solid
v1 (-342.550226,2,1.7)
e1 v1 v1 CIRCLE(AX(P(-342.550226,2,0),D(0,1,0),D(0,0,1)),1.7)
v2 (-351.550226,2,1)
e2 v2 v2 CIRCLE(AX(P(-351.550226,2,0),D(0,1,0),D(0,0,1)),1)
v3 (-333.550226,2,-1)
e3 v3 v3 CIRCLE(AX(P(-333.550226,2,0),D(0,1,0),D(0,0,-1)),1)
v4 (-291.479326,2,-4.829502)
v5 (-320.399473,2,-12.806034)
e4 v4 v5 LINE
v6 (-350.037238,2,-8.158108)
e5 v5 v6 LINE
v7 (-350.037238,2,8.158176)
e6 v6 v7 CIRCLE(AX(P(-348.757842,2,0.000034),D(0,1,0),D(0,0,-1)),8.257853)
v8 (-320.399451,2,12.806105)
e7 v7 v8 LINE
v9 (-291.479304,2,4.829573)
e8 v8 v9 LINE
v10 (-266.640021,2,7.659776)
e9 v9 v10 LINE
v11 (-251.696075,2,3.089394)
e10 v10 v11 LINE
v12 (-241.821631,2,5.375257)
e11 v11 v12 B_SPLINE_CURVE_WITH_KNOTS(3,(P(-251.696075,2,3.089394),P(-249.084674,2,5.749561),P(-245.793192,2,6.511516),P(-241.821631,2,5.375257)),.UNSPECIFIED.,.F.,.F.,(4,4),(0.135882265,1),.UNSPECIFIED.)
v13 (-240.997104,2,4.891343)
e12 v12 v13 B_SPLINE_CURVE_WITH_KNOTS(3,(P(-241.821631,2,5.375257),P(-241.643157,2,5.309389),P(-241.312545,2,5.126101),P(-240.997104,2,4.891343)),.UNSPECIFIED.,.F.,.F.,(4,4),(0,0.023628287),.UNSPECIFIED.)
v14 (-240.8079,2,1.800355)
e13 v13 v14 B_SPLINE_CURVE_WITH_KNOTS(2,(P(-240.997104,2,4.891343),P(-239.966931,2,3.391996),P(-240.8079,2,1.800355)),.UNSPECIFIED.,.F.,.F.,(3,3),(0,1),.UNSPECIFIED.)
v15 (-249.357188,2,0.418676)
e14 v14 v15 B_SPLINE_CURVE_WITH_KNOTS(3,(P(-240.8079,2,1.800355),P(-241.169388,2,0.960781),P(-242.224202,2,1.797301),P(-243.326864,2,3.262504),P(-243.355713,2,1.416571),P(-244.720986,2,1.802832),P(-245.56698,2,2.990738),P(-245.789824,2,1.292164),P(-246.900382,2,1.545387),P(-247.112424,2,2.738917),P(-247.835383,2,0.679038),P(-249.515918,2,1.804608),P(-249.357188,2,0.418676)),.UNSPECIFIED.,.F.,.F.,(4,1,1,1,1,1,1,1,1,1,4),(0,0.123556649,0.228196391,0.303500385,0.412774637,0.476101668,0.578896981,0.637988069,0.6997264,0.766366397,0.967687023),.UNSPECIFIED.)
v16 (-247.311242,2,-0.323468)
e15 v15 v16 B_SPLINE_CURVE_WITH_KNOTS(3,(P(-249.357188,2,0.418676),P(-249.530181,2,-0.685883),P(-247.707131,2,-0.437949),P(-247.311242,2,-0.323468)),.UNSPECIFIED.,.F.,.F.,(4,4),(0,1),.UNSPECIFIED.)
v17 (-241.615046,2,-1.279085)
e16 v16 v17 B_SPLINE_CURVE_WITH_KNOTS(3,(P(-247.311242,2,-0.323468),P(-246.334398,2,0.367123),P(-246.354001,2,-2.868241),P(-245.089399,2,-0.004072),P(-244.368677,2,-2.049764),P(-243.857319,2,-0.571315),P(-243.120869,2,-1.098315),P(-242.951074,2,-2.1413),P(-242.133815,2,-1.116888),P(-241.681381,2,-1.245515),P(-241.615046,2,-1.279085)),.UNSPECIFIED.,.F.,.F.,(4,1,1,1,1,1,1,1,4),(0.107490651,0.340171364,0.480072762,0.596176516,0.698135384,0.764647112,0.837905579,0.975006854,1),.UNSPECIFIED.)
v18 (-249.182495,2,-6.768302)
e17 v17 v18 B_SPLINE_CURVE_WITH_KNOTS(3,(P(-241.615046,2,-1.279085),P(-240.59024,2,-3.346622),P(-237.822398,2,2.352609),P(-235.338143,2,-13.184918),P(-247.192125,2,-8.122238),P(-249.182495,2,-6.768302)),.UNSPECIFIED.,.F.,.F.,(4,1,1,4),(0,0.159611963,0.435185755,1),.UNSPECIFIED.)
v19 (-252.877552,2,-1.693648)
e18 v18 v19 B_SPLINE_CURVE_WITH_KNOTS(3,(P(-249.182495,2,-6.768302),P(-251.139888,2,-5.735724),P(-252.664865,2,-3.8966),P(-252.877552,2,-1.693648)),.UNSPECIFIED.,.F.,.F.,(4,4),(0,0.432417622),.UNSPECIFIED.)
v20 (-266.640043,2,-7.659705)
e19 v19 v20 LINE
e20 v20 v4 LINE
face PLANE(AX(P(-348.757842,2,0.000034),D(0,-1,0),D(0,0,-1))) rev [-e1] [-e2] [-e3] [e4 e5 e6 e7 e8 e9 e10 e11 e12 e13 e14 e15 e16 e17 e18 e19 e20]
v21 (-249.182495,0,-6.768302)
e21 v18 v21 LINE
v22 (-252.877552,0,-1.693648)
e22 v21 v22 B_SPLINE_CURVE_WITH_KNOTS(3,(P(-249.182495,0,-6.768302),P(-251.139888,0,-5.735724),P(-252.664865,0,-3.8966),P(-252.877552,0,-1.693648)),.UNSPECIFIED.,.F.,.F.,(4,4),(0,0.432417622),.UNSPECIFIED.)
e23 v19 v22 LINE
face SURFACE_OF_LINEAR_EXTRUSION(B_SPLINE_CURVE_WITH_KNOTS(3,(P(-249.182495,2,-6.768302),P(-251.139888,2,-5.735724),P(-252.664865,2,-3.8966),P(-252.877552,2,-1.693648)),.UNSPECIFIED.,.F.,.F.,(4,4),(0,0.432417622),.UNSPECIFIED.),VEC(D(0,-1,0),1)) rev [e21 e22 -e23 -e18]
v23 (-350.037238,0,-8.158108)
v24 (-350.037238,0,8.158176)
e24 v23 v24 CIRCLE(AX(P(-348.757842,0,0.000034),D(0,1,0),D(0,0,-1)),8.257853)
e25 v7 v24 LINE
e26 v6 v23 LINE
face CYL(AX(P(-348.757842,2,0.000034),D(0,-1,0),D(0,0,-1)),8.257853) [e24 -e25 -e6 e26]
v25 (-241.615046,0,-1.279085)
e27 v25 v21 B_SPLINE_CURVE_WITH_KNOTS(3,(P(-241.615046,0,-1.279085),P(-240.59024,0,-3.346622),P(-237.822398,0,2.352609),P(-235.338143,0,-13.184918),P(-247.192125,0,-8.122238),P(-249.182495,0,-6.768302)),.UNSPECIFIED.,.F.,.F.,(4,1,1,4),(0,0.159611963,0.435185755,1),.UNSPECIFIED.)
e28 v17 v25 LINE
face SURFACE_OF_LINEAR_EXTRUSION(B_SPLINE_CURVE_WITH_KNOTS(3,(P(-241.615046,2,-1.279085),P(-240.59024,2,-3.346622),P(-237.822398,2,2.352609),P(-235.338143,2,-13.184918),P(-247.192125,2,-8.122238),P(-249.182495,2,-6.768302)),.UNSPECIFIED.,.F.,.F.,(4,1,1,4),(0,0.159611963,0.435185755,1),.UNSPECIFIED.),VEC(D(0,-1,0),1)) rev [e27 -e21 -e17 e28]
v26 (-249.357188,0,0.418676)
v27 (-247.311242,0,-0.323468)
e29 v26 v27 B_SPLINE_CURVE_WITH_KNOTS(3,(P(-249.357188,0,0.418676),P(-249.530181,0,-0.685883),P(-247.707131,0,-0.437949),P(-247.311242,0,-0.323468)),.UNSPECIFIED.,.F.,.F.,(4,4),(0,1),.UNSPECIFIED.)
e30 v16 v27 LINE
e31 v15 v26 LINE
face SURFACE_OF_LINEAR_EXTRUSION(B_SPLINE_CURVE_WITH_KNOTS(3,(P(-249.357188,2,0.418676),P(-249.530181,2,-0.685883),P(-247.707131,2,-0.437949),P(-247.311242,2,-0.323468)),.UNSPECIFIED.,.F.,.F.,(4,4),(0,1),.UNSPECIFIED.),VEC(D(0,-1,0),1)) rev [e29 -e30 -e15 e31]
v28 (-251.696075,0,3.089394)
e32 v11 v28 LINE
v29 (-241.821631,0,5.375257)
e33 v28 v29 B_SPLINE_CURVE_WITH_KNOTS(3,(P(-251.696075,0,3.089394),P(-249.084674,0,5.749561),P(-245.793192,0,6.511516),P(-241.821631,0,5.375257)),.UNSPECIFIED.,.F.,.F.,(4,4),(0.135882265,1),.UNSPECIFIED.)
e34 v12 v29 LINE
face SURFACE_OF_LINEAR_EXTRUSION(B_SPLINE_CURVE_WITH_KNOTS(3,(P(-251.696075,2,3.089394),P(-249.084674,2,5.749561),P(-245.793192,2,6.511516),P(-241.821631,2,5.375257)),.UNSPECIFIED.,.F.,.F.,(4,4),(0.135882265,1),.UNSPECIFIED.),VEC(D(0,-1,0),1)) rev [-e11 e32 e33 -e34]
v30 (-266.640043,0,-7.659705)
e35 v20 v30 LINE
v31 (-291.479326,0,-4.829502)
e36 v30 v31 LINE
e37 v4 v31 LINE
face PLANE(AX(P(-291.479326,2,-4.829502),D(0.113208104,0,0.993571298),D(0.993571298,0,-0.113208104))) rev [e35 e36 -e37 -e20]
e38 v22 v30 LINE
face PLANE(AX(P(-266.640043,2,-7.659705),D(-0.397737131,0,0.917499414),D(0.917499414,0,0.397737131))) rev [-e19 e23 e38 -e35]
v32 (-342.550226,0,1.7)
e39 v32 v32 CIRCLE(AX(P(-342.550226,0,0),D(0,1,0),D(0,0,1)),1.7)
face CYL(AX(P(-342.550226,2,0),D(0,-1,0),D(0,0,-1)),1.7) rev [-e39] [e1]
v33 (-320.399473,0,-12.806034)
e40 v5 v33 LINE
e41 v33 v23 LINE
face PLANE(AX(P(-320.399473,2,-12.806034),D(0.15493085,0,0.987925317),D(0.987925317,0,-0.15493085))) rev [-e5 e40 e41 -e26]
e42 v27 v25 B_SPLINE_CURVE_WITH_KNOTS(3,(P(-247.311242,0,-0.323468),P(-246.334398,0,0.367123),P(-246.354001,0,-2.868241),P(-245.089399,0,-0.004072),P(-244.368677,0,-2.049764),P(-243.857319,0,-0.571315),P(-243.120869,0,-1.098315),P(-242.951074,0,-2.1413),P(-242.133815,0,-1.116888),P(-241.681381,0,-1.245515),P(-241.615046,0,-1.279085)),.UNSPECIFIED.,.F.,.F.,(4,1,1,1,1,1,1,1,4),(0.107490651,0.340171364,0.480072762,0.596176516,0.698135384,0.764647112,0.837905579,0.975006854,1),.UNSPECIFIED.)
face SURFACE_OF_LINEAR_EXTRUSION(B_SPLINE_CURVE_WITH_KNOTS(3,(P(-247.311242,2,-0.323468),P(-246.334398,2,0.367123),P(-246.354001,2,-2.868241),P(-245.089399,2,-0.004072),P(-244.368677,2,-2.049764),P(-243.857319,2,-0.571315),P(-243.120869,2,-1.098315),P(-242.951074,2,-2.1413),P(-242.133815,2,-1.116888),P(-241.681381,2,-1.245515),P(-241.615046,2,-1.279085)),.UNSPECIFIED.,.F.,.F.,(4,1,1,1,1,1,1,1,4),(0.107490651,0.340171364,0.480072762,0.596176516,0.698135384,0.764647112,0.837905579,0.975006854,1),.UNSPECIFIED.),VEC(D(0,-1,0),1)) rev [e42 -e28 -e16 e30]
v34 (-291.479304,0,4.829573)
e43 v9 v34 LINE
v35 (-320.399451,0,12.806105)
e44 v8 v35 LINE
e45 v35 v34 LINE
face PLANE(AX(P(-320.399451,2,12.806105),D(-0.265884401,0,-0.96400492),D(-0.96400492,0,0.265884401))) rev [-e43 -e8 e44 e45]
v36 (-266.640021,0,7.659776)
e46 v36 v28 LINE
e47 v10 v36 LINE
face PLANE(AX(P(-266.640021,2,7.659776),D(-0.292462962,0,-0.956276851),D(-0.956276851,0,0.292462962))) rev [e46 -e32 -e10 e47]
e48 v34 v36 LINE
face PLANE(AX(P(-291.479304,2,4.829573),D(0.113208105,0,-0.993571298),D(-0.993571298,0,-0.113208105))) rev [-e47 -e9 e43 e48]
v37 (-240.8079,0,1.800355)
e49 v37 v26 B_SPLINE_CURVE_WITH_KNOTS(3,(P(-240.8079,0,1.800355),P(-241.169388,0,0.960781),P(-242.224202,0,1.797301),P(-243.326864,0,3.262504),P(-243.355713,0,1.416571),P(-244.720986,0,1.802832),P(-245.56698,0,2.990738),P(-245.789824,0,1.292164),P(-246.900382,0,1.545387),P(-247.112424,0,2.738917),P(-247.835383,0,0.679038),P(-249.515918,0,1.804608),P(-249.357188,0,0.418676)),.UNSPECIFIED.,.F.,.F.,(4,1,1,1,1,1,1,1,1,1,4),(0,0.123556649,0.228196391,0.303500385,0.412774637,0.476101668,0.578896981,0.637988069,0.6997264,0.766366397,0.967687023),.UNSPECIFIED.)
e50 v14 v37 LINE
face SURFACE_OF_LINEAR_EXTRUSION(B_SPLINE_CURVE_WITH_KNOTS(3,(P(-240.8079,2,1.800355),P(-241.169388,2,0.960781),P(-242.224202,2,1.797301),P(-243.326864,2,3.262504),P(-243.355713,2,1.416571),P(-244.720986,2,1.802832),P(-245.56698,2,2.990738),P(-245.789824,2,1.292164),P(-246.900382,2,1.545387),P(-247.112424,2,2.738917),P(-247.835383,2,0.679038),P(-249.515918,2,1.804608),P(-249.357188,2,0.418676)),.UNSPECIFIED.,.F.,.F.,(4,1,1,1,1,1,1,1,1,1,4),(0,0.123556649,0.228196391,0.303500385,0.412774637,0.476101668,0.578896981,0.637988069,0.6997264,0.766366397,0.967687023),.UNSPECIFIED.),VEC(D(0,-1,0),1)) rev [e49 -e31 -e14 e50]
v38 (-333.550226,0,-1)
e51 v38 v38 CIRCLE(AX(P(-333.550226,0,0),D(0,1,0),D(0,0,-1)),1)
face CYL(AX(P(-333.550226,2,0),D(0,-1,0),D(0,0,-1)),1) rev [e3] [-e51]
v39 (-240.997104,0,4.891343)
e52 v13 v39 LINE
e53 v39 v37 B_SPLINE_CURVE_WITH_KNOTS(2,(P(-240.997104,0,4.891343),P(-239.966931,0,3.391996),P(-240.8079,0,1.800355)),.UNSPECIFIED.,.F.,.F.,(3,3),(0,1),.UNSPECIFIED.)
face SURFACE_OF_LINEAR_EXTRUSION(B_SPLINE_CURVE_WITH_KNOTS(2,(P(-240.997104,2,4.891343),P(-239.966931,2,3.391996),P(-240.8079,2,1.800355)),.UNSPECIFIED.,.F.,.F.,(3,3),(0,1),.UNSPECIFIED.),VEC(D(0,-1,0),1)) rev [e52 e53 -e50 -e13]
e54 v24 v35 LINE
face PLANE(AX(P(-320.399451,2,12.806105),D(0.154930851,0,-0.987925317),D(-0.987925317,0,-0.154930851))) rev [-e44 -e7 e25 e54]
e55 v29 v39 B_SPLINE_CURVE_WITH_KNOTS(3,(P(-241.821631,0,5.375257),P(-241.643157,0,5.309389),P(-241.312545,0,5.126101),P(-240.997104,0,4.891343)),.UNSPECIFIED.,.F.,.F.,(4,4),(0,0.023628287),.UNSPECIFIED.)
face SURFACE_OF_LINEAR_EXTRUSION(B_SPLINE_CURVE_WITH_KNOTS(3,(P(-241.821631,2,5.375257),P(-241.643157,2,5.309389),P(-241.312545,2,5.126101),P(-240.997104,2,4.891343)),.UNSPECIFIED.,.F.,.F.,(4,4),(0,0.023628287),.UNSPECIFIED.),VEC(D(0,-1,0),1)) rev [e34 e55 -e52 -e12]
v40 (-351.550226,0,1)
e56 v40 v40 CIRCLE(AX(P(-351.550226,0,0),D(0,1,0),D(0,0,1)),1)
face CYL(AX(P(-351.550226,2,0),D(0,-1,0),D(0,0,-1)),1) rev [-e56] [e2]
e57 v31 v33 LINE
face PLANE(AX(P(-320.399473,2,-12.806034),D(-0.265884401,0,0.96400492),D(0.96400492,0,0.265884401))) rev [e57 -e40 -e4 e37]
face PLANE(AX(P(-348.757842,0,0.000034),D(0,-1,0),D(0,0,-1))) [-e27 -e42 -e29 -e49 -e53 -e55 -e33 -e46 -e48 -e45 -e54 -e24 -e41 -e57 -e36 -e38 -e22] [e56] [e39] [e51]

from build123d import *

# Parameters (mm, degrees)
SKETCH_3_R      = 1
SKETCH_3_R_2    = 1.7
EXTRUDE_1_DEPTH = 2


with BuildPart() as part:
    # 草图3 → 凸台-拉伸1 (new body)
    with BuildSketch(Plane(origin=(0, 0, 0), x_dir=(1, 0, 0), z_dir=(0, 1, 0))):
        with BuildLine():
            Line((-320.399473128, 12.806034348), (-291.479325537, 4.829502312))
            Line((-291.479325537, 4.829502312), (-266.640043075, 7.65970492))
            Line((-266.640043075, 7.65970492), (-252.877551864, 1.693647959))
            add(Edge.make_bspline(
                [(-252.877551864, 1.693647959), (-252.664865396, 3.896599527), (-251.139887534, 5.735724361), (-249.182494927, 6.768301737)],
                knots=[0, 0, 0, 0, 0.432417622, 0.432417622, 0.432417622, 0.432417622], degree=3))
            add(Edge.make_bspline(
                [(-249.182494927, 6.768301737), (-247.192125327, 8.122238326), (-235.338143075, 13.184917938), (-237.822398045, -2.352608844), (-240.590240104, 3.346622195), (-241.615045556, 1.27908511)],
                knots=[0, 0, 0, 0, 0.564814245, 0.840388037, 1, 1, 1, 1], degree=3))
            add(Edge.make_bspline(
                [(-241.615045556, 1.27908511), (-241.681380629, 1.245514563), (-242.133814553, 1.116888438), (-242.95107385, 2.141300114), (-243.120868984, 1.098314732), (-243.857318799, 0.57131474), (-244.368676704, 2.049764447), (-245.089398939, 0.004071963), (-246.354001067, 2.868241481), (-246.334398055, -0.367123123), (-247.311242473, 0.323468446)],
                knots=[0.107490651, 0.107490651, 0.107490651, 0.107490651, 0.132483797, 0.269585072, 0.342843538, 0.409355267, 0.511314135, 0.627417889, 0.767319287, 1, 1, 1, 1], degree=3))
            add(Edge.make_bspline(
                [(-247.311242473, 0.323468446), (-247.707130946, 0.437949002), (-249.5301806, 0.685883331), (-249.357187857, -0.418676387)],
                knots=[0, 0, 0, 0, 1, 1, 1, 1], degree=3))
            add(Edge.make_bspline(
                [(-249.357187857, -0.418676387), (-249.515917866, -1.804607681), (-247.835383275, -0.679037527), (-247.112423771, -2.73891734), (-246.900381915, -1.545387145), (-245.789823545, -1.292164149), (-245.566979662, -2.990738082), (-244.7209859, -1.80283183), (-243.355713317, -1.416571022), (-243.326864122, -3.262504141), (-242.224201897, -1.797301053), (-241.169388438, -0.96078114), (-240.807899843, -1.800354973)],
                knots=[0, 0, 0, 0, 0.201320625, 0.267960622, 0.329698953, 0.388790042, 0.491585355, 0.554912386, 0.664186638, 0.739490632, 0.844130374, 0.967687023, 0.967687023, 0.967687023, 0.967687023], degree=3))
            add(Edge.make_bspline(
                [(-240.807899843, -1.800354973), (-239.966931467, -3.391995655), (-240.997103543, -4.891342708)],
                knots=[0, 0, 0, 1, 1, 1], degree=2))
            add(Edge.make_bspline(
                [(-241.821631268, -5.375257485), (-241.643156571, -5.309389423), (-241.312545455, -5.12610139), (-240.997103543, -4.891342708)],
                knots=[0, 0, 0, 0, 0.023628287, 0.023628287, 0.023628287, 0.023628287], degree=3))
            add(Edge.make_bspline(
                [(-251.696075382, -3.089393708), (-249.084673797, -5.749561221), (-245.793192426, -6.511515813), (-241.821631268, -5.375257485)],
                knots=[0.135882265, 0.135882265, 0.135882265, 0.135882265, 1, 1, 1, 1], degree=3))
            Line((-251.696075382, -3.089393708), (-266.640021363, -7.659775915))
            Line((-266.640021363, -7.659775915), (-291.479303823, -4.829573296))
            Line((-291.479303823, -4.829573296), (-320.399451417, -12.80610532))
            Line((-320.399451417, -12.80610532), (-350.037238296, -8.158175504))
            ThreePointArc((-350.037238296, -8.158175504), (-357.015694836, -3.3775e-05), (-350.037238292, 8.15810795))
            Line((-350.037238292, 8.15810795), (-320.399473128, 12.806034348))
        make_face()
        with Locations(Location((-351.550226026, 0, 0), (0, 0, 270))):
            Circle(SKETCH_3_R, mode=Mode.SUBTRACT)
        with Locations(Location((-342.550226026, 0, 0), (0, 0, 270))):
            Circle(SKETCH_3_R_2, mode=Mode.SUBTRACT)
        with Locations(Location((-333.550226026, 0, 0), (0, 0, 90))):
            Circle(SKETCH_3_R, mode=Mode.SUBTRACT)
    extrude(amount=EXTRUDE_1_DEPTH)


solid = part.part
